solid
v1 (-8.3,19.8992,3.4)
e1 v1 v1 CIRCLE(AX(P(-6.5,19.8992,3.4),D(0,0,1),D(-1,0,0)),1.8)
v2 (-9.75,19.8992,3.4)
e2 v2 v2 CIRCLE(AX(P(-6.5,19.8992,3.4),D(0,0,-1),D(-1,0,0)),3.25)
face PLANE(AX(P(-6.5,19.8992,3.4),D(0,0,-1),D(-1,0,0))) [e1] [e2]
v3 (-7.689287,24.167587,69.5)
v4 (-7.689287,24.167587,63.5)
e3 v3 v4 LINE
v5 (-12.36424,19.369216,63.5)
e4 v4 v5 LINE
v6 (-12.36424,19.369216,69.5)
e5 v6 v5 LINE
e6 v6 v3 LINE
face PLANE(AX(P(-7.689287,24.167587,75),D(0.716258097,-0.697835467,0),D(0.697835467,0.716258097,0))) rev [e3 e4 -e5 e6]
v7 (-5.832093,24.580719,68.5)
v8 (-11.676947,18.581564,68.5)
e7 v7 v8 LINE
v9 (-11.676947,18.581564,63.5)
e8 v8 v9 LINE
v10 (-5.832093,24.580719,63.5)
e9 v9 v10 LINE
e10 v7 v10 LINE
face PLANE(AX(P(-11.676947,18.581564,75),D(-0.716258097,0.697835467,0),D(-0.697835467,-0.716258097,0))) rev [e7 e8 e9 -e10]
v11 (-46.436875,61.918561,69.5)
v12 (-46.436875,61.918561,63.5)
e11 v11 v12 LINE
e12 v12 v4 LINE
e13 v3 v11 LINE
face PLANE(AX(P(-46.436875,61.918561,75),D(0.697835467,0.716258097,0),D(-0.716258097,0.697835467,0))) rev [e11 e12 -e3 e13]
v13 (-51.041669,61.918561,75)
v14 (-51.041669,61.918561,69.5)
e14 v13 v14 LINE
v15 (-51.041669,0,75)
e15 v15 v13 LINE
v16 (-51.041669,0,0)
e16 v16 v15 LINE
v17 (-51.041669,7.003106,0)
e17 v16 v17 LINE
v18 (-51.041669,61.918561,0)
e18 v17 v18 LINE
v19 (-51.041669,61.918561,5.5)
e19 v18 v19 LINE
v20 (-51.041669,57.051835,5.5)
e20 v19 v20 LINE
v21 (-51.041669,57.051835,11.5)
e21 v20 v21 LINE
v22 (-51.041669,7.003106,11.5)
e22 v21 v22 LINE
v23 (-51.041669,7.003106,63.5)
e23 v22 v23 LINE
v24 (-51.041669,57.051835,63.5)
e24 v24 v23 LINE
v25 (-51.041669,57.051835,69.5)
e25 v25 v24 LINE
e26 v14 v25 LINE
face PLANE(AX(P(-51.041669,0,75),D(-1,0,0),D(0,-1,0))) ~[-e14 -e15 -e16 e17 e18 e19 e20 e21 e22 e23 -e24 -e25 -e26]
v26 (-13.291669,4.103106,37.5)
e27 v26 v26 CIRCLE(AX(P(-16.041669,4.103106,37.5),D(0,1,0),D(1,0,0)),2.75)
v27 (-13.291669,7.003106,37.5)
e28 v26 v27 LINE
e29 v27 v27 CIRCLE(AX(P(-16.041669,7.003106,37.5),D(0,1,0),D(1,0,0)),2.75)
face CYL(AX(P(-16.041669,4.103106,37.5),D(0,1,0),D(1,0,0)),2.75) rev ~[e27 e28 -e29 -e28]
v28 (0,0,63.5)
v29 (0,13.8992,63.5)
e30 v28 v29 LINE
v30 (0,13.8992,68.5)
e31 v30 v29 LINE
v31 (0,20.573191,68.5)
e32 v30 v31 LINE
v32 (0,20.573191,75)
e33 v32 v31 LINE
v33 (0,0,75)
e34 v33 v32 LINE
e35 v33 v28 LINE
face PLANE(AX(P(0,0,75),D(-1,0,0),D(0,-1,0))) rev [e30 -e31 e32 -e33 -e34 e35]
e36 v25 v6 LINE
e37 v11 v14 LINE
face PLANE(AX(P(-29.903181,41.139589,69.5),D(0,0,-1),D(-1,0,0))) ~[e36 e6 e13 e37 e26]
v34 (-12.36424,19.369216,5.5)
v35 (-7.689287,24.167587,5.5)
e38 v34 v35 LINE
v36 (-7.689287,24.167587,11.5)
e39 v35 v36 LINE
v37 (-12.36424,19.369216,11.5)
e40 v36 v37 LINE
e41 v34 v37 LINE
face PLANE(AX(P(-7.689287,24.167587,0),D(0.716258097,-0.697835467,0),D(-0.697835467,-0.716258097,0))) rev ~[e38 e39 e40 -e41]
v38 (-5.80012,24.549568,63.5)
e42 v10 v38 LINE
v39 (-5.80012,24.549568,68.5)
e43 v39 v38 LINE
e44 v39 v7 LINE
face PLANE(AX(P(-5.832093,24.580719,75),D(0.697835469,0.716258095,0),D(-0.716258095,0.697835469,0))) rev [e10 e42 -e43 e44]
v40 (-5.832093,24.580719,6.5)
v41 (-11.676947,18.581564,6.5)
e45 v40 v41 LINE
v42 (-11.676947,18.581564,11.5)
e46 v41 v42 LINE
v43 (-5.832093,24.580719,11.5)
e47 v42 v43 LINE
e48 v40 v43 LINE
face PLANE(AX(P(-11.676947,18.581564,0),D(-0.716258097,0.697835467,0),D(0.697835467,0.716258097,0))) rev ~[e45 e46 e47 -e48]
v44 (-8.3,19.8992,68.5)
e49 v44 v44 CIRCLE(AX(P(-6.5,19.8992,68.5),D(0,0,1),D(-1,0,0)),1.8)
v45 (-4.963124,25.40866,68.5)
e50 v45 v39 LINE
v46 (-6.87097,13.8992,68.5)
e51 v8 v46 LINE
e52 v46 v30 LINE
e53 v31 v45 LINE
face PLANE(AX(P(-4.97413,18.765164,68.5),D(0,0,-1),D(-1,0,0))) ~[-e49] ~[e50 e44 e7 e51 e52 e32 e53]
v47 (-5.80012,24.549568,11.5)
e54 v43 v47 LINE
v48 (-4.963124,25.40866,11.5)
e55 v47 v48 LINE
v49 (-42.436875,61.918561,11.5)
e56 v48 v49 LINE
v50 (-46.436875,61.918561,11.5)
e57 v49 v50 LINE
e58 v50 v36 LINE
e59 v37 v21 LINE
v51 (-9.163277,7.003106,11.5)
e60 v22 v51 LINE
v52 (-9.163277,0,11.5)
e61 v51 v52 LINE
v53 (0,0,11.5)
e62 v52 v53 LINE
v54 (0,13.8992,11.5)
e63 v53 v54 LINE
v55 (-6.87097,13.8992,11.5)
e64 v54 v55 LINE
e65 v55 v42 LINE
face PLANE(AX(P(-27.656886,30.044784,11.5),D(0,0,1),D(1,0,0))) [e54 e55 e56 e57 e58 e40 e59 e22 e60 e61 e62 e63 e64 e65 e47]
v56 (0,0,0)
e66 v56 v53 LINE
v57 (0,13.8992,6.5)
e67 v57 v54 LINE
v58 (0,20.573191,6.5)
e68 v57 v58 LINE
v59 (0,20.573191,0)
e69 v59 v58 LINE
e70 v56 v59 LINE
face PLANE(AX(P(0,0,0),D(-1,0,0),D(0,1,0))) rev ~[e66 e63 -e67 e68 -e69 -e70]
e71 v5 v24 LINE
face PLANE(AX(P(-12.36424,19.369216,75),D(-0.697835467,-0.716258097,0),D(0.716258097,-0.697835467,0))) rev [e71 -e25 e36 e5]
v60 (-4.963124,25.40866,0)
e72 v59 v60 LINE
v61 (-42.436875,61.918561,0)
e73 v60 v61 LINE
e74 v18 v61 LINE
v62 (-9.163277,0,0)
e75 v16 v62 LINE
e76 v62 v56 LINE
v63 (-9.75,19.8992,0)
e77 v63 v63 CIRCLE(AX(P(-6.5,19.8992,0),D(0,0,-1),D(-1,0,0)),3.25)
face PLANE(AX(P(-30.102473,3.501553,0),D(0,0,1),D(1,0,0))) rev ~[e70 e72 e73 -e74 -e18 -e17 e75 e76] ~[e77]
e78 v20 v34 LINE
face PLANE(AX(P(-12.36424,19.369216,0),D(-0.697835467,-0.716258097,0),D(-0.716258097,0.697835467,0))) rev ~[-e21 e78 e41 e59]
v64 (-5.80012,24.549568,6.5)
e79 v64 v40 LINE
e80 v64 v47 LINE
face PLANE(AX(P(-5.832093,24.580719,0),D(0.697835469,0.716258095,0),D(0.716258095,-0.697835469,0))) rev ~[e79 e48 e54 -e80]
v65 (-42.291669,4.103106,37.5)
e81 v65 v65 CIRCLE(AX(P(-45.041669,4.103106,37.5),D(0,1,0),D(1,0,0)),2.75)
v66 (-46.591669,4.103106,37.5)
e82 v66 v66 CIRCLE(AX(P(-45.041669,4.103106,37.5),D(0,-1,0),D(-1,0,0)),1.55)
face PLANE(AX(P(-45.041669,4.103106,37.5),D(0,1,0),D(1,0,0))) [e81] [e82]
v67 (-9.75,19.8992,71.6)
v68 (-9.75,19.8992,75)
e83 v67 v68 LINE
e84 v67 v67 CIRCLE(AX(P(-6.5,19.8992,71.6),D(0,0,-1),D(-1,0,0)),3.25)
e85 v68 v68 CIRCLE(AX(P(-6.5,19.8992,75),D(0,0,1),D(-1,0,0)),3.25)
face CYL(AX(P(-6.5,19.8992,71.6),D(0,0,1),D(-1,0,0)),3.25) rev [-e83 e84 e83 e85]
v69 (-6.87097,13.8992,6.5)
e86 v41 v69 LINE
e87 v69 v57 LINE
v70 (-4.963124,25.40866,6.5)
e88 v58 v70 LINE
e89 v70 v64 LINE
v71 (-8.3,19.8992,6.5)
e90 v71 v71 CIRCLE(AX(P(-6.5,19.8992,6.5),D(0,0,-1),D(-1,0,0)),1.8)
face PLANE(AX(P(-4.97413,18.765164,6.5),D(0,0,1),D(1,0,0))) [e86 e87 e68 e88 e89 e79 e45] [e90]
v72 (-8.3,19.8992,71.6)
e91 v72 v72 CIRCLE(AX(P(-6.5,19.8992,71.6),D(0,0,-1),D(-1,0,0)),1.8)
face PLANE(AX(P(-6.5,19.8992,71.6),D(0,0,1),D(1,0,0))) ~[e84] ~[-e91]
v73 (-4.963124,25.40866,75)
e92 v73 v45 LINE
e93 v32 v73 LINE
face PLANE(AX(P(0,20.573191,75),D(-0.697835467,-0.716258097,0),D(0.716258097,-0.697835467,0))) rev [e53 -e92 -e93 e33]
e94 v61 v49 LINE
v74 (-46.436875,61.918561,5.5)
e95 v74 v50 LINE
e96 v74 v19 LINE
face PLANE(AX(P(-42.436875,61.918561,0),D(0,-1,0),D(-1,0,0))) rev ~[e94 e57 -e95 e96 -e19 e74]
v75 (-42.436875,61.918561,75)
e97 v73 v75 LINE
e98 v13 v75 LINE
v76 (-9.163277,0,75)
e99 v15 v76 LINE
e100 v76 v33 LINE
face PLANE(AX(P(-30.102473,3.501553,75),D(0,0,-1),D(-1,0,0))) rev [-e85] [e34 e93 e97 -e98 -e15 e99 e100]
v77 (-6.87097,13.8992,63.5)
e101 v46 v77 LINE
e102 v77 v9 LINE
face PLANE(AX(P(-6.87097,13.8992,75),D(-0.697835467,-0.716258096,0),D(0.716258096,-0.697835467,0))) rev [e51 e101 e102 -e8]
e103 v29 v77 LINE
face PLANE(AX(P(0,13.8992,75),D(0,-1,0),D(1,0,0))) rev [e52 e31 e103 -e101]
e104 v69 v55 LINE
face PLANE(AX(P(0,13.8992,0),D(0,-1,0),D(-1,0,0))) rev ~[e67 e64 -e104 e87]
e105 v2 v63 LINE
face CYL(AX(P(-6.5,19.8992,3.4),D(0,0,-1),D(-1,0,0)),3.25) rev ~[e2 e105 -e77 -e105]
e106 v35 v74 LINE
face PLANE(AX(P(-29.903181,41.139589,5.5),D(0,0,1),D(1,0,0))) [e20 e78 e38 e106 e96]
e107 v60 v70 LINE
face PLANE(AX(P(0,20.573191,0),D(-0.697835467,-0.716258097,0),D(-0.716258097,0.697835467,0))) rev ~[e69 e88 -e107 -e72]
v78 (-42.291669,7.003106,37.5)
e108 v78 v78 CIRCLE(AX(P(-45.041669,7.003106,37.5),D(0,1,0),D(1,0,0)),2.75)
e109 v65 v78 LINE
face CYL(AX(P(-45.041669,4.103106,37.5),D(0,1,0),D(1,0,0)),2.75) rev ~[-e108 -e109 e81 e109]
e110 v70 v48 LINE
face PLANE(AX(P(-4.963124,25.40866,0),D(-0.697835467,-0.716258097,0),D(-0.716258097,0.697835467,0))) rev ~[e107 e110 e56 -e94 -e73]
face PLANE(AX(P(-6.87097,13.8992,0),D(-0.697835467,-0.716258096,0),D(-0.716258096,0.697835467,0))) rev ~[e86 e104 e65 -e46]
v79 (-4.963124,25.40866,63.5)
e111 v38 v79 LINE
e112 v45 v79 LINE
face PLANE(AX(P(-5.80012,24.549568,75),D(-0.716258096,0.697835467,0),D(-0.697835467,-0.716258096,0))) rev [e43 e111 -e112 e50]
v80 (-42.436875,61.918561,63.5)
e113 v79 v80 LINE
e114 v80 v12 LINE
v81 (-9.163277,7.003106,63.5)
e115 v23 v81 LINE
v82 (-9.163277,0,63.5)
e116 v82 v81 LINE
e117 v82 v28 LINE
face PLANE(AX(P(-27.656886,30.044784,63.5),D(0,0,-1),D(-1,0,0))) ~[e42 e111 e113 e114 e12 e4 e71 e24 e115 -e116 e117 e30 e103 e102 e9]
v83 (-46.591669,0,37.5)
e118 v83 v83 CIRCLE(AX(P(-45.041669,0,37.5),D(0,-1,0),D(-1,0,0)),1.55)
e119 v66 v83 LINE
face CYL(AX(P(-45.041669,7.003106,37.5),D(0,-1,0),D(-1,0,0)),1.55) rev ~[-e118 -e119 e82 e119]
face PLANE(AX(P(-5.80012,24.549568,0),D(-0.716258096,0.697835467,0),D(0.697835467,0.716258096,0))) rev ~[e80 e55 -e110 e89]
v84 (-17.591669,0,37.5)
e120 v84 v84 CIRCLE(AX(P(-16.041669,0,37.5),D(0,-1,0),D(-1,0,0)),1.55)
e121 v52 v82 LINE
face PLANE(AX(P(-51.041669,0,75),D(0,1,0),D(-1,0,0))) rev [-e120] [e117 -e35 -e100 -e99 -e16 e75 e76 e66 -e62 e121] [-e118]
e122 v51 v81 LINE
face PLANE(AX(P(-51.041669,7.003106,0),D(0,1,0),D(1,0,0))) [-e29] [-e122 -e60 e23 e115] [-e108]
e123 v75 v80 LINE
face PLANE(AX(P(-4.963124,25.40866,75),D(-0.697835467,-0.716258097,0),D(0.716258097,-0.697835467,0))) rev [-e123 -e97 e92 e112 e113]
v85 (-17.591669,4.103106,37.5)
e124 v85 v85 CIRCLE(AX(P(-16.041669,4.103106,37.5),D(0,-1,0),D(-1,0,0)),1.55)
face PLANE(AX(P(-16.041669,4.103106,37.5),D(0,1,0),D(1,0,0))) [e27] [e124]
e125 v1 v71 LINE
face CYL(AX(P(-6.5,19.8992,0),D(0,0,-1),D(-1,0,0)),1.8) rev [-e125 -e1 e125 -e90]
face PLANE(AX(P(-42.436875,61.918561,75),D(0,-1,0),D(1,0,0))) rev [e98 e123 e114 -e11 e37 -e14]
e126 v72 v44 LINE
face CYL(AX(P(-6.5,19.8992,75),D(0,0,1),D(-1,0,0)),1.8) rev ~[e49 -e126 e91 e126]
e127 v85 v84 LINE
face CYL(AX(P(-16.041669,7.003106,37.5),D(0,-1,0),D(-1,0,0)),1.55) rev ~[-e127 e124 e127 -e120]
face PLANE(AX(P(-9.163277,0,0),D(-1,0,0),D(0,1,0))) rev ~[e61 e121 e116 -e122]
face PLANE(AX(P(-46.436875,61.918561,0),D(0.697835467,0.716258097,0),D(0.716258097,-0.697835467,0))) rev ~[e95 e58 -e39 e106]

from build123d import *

# Parameters (mm, degrees)
BOSS_EXTRU_1_DEPTH                                 = 5.5
ESQUISSE1_3_R                                      = 1.8
BOSS_EXTRU_2_DEPTH                                 = 6.5
BOSS_EXTRU_3_DEPTH                                 = 11.5
ESQUISSE1_6_W                                      = 41.878391759
ESQUISSE1_6_H                                      = 7.003105655
BOSS_EXTRU_4_DEPTH                                 = 63.5
CHAMBRAGE_POUR_VIS_SIX_PANS_CREUX_M2_5_D           = 3.1
CHAMBRAGE_POUR_VIS_SIX_PANS_CREUX_M2_5_CBORE_D     = 5.5
CHAMBRAGE_POUR_VIS_SIX_PANS_CREUX_M2_5_CBORE_DEPTH = 2.9
CHAMBRAGE_POUR_VIS_SIX_PANS_CREUX_M31_D            = 3.6
CHAMBRAGE_POUR_VIS_SIX_PANS_CREUX_M31_CBORE_D      = 6.5
CHAMBRAGE_POUR_VIS_SIX_PANS_CREUX_M31_CBORE_DEPTH  = 3.4


with BuildPart() as part:
    # Esquisse1 → Boss.-Extru.1 (new body)
    with BuildSketch(Plane.XY):
        Polygon((-51.041668631, 61.918561392), (-51.041668631, 57.051835463), (-12.364240457, 19.369216184), (-7.689286801, 24.167587096), (-46.436874542, 61.918561392), align=None)
    extrude(amount=BOSS_EXTRU_1_DEPTH)



with BuildPart() as body_2:
    # Esquisse1<3> → Boss.-Extru.2 (new body)
    with BuildSketch(Plane.XY):
        Polygon((-6.8709698, 13.899199983), (0, 13.899199983), (0, 20.573191179), (-4.963123823, 25.408660192), (-5.800119712, 24.549567884), (-5.832093395, 24.580719183), (-11.676946527, 18.581563828), align=None)
        with Locations((-6.5, 19.899199983)):
            Circle(ESQUISSE1_3_R, mode=Mode.SUBTRACT)
    extrude(amount=BOSS_EXTRU_2_DEPTH)


with BuildPart() as part_1:
    add(part.part)

    add(body_2.part)  # Boss.-Extru.3 merges body 2
    # Esquisse1<5> → Boss.-Extru.3 (add)
    with BuildSketch(Plane.XY):
        Polygon((-9.163276872, 0), (0, 0), (0, 13.899199983), (-6.8709698, 13.899199983), (-11.676946527, 18.581563828), (-5.832093395, 24.580719183), (-5.800119712, 24.549567884), (-4.963123823, 25.408660192), (-42.436874542, 61.918561392), (-46.436874542, 61.918561392), (-7.689286801, 24.167587096), (-12.364240457, 19.369216184), (-51.041668631, 57.051835463), (-51.041668631, 7.003105655), (-9.163276872, 7.003105655), align=None)
    extrude(amount=BOSS_EXTRU_3_DEPTH)

    # Esquisse1<6> → Boss.-Extru.4 (add)
    with BuildSketch(Plane.XY):
        with Locations((-30.102472752, 3.501552828)):
            Rectangle(ESQUISSE1_6_W, ESQUISSE1_6_H)
    extrude(amount=BOSS_EXTRU_4_DEPTH)

    # Symétrie2: part across plane


with BuildPart() as part_2:
    add(part_1.part)
    add(part_1.part.mirror(Plane.XY.offset(37.5)))

    # Chambrage pour vis à six pans creux M2.51 (through all)
    with Locations(Plane(origin=(0, 7.003105655, 0), x_dir=(1, 0, 0), z_dir=(0, 1, 0))):
        with Locations((-45.041668631, -37.5), (-16.041668631, -37.5)):
            CounterBoreHole(CHAMBRAGE_POUR_VIS_SIX_PANS_CREUX_M2_5_D / 2, CHAMBRAGE_POUR_VIS_SIX_PANS_CREUX_M2_5_CBORE_D / 2, CHAMBRAGE_POUR_VIS_SIX_PANS_CREUX_M2_5_CBORE_DEPTH)

    # Chambrage pour vis à six pans creux M31 (through all)
    with Locations(Plane(origin=(0, 0, 0), x_dir=(-1, 0, 0), z_dir=(0, 0, -1))):
        with Locations((6.5, 19.899199983)):
            chambrage_pour_vis_six_pans_creux_m31 = CounterBoreHole(CHAMBRAGE_POUR_VIS_SIX_PANS_CREUX_M31_D / 2, CHAMBRAGE_POUR_VIS_SIX_PANS_CREUX_M31_CBORE_D / 2, CHAMBRAGE_POUR_VIS_SIX_PANS_CREUX_M31_CBORE_DEPTH)

    # Symétrie3: Chambrage pour vis à six pans creux M31 across plane
    add(chambrage_pour_vis_six_pans_creux_m31.mirror(Plane.XY.offset(37.5)), mode=Mode.SUBTRACT)


solid = part_2.part
